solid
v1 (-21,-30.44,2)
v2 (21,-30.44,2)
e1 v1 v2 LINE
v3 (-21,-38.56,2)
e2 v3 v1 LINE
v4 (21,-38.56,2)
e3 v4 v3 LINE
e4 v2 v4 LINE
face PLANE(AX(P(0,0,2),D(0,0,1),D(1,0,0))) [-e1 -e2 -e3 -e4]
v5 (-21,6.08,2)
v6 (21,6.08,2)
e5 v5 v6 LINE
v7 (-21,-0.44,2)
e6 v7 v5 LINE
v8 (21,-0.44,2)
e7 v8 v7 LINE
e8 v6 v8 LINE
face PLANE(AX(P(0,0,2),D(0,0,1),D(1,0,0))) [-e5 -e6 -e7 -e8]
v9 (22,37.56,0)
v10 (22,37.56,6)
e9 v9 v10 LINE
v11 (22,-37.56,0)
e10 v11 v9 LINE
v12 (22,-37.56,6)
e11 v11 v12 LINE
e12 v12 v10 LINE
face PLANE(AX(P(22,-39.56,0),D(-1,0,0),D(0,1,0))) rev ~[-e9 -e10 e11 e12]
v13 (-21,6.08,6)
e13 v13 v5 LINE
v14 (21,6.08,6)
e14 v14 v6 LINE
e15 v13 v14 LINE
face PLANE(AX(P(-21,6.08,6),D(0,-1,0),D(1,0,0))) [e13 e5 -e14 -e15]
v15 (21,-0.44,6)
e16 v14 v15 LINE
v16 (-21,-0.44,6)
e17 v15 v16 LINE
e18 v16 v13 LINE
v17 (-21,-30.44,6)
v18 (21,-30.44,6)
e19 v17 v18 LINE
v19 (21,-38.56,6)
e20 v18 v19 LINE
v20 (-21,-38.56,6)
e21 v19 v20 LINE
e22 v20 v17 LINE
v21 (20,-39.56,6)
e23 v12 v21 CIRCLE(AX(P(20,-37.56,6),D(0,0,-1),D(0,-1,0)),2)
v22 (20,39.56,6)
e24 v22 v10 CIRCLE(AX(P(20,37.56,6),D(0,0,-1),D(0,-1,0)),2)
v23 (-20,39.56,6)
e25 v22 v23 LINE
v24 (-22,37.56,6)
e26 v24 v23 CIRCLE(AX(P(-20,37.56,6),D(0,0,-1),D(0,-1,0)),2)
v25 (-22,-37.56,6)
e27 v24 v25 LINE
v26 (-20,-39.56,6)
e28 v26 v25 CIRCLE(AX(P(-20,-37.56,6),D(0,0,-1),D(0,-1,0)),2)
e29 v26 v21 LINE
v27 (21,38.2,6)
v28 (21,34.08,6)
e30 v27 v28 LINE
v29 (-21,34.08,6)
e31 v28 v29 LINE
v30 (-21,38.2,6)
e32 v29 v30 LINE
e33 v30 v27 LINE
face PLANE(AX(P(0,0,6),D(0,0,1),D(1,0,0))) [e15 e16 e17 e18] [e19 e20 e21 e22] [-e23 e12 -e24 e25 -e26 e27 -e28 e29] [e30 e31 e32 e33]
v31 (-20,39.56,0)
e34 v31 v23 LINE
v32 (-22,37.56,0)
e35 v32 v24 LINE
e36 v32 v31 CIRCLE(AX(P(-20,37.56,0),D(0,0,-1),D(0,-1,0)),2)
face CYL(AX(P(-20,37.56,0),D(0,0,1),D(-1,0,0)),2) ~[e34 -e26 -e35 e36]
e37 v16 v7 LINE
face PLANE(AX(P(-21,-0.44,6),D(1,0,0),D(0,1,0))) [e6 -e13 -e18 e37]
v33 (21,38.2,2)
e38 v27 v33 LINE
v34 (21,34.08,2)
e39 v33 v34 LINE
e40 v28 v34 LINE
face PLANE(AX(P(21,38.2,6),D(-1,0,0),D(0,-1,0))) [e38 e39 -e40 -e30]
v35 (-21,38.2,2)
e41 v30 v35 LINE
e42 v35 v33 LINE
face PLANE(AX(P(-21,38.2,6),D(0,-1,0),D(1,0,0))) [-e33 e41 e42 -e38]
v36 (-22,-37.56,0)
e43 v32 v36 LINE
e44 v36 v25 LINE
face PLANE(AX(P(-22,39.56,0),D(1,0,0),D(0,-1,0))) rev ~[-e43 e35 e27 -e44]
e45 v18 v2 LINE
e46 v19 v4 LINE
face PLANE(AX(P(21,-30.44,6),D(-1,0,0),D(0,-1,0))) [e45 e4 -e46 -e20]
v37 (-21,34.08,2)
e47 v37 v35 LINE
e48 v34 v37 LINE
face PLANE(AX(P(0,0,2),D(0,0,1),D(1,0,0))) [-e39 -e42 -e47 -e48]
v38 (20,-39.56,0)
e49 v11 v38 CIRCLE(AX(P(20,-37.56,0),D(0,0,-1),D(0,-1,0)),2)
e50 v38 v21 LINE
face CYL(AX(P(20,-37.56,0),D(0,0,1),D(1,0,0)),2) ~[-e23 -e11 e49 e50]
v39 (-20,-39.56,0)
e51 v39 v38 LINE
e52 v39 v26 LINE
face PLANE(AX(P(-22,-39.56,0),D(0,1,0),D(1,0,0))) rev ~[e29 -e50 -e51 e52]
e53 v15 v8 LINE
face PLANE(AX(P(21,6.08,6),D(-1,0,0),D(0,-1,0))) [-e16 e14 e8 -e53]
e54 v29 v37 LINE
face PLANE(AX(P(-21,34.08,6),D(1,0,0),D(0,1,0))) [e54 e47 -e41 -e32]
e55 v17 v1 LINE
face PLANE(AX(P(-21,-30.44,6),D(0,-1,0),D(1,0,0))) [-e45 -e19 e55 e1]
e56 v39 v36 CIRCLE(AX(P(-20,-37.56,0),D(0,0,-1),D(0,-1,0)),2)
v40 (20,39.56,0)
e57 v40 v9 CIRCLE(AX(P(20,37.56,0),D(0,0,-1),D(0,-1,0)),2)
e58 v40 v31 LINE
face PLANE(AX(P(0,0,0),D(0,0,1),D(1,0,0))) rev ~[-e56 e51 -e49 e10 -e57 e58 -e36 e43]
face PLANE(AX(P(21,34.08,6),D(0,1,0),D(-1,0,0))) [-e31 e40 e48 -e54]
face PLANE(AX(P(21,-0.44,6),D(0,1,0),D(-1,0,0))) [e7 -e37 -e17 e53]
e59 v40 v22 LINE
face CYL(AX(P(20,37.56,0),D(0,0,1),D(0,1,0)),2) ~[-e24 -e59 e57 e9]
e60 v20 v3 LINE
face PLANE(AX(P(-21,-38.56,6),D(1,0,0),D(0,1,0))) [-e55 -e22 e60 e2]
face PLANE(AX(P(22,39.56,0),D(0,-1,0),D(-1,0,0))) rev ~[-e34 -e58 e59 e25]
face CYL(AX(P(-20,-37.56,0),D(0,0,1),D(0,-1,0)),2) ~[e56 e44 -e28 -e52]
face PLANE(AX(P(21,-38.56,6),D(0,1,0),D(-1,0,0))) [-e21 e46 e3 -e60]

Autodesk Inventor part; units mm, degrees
ref_plane "YZ Plane" through (0, 0, 0) normal (1, 0, 0) x (0, 1, 0)
ref_plane "XZ Plane" through (0, 0, 0) normal (0, 1, 0) x (-1, 0, 0)
ref_plane "XY Plane" through (0, 0, 0) normal (0, 0, 1) x (1, 0, 0)
sketch "Base" plane through (0, 0, 0) normal (0, 0, 1) x (1, 0, 0)
  line L0 (-22, -39.56) -> (22, -39.56)
  line L1 (22, -39.56) -> (22, 39.56)
  line L2 (22, 39.56) -> (-22, 39.56)
  line L3 (-22, 39.56) -> (-22, -39.56)
  line L4 (-22, -39.56) -> (22, 39.56) construction
  line L5 (22, -39.56) -> (-22, 39.56) construction
  point P0 (0, 0)
  dimension "d56" = 44
  dimension "d57" = 79.12
extrude "Extrusion4" add sketch "Base" along normal blind 6
sketch "Slot1" plane through (0, 0, 6) normal (0, 0, 1) x (1, 0, 0)
  line L0 (21, -38.56) -> (-21, -38.56)
  line L1 (-21, -38.56) -> (-21, -30.44)
  line L2 (-21, -30.44) -> (21, -30.44)
  line L3 (21, -30.44) -> (21, -38.56)
  line L4 (21, -38.56) -> (-21, -30.44) construction
  line L5 (-21, -38.56) -> (21, -30.44) construction
  line L6 (22, -39.56) -> (22, 39.56) projected
  line L7 (-22, -39.56) -> (22, -39.56) projected
  point P0 (0, 0)
  point P1 (0, -34.5)
  dimension "d62" = 8.12
  dimension "d63" = 1
  dimension "d64" = 42
  dimension "d66" = 1
extrude "Slot1 slot" cut sketch "Slot1" against normal blind 4
sketch "Slot2" plane through (0, 0, 6) normal (0, 0, 1) x (1, 0, 0)
  line L0 (21, -0.44) -> (-21, -0.44)
  line L1 (-21, -0.44) -> (-21, 6.08)
  line L2 (-21, 6.08) -> (21, 6.08)
  line L3 (21, 6.08) -> (21, -0.44)
  line L4 (21, -0.44) -> (-21, 6.08) construction
  line L5 (-21, -0.44) -> (21, 6.08) construction
  line L6 (-22, 39.56) -> (-22, -39.56) projected
  line L7 (-21, -30.44) -> (21, -30.44) projected
  point P0 (0, 0)
  point P1 (0, 2.82)
  dimension "d75" = 6.52
  dimension "d76" = 42
  dimension "d77" = 1
  dimension "d80" = 30
extrude "Slot2 slot" cut sketch "Slot2" against normal blind 4
sketch "Slot3" plane through (0, 0, 6) normal (0, 0, 1) x (1, 0, 0)
  line L0 (-21, 38.2) -> (21, 38.2)
  line L1 (21, 38.2) -> (21, 34.08)
  line L2 (21, 34.08) -> (-21, 34.08)
  line L3 (-21, 34.08) -> (-21, 38.2)
  line L4 (-21, 38.2) -> (21, 34.08) construction
  line L5 (21, 38.2) -> (-21, 34.08) construction
  point P0 (0, 36.14)
  dimension "d83" = 4.12
  dimension "d84" = 42
extrude "Extrusion7" cut sketch "Slot3" against normal blind 4
fillet "Fillet1" radius 2 1 edges at (-22, 39.56, 3)
fillet "Fillet2" radius 2 1 edges at (22, 39.56, 3)
fillet "Fillet3" radius 2 1 edges at (22, -39.56, 3)
fillet "Fillet4" radius 2 1 edges at (-22, -39.56, 3)
sketch "Sketch14" plane through (0, 0, 6) normal (0, 0, 1) x (1, 0, 0)
  point P0 (0, 0)
equation "\"d56\" = basew"
equation "\"d57\" = baseh"
equation "\"d62\" = wall1slot"
equation "\"d63\" = -0.5 * wallw + 0.5 * basew"
equation "\"d64\" = wallw"
equation "\"d66\" = 0.5 * baseextra"
equation "\"d75\" = wall2slot"
equation "\"d76\" = wallw"
equation "\"d77\" = 0.5 * baseextra"
equation "\"d80\" = gap1"
equation "\"d83\" = wall3slot"
equation "\"d84\" = wallw"
equation "\"printer3dtolerance\" = 0.12"
equation "\"wallw\" = 42"
equation "\"wallh\" = 44"
equation "\"cornerrad\" = 2"
equation "\"baseextra\" = 2"
equation "\"wall1_thick\" = 8"
equation "\"wall2_thick\" = 6.4"
equation "\"wall3_thick\" = 4"
equation "\"wall1slot\" = 8.12"
equation "\"wall2slot\" = 6.52"
equation "\"wall3slot\" = 4.12"
equation "\"gap1\" = 30"
equation "\"gap2\" = 28"
equation "\"baseh\" = 79.12"
equation "\"basew\" = 44"
equation "\"base_thick\" = 6"
equation "\"base_slots_depth\" = 4"
equation "\"d26\" = 8.12"
equation "\"d27\" = 42"
equation "\"d28\" = 44"
equation "\"d29\" = 28"
equation "\"d31\" = 4.12"
equation "\"d32\" = 6.52"
equation "\"d33\" = 79.12"
equation "\"d39\" = 8.12"
equation "\"d40\" = 42"
equation "\"d41\" = 44"
equation "\"d48\" = 8.12"
equation "\"d49\" = 42"
equation "\"d50\" = 8.12"
equation "\"d51\" = 42"
equation "\"d52\" = 44"
equation "\"d53\" = 44"
equation "\"d71\" = 8.12"
equation "\"d72\" = 42"
equation "\"d73\" = 2"
equation "\"d74\" = 44"
equation "\"distancefrombottom\" = 34"
equation "\"servosmallcircledia\" = 5.92"
equation "\"servo9gw\" = 22.8"
equation "\"servomountsquare\" = 6"
equation "\"servopolygonl\" = 5.92"
equation "\"servopolygonr\" = 6.12"
equation "\"distancefromleft\" = 26"
equation "\"servobigcircledia\" = 11.62"
equation "\"servomounth\" = 4"
equation "\"wall3slotd\" = 2"
equation "\"wall3slotw\" = 36"
equation "\"adapterh\" = 16"
equation "\"adapterw\" = 32"
equation "\"wall3slotd_1\" = 2"
properties part number "base-frame" material "Wood (Oak)"
